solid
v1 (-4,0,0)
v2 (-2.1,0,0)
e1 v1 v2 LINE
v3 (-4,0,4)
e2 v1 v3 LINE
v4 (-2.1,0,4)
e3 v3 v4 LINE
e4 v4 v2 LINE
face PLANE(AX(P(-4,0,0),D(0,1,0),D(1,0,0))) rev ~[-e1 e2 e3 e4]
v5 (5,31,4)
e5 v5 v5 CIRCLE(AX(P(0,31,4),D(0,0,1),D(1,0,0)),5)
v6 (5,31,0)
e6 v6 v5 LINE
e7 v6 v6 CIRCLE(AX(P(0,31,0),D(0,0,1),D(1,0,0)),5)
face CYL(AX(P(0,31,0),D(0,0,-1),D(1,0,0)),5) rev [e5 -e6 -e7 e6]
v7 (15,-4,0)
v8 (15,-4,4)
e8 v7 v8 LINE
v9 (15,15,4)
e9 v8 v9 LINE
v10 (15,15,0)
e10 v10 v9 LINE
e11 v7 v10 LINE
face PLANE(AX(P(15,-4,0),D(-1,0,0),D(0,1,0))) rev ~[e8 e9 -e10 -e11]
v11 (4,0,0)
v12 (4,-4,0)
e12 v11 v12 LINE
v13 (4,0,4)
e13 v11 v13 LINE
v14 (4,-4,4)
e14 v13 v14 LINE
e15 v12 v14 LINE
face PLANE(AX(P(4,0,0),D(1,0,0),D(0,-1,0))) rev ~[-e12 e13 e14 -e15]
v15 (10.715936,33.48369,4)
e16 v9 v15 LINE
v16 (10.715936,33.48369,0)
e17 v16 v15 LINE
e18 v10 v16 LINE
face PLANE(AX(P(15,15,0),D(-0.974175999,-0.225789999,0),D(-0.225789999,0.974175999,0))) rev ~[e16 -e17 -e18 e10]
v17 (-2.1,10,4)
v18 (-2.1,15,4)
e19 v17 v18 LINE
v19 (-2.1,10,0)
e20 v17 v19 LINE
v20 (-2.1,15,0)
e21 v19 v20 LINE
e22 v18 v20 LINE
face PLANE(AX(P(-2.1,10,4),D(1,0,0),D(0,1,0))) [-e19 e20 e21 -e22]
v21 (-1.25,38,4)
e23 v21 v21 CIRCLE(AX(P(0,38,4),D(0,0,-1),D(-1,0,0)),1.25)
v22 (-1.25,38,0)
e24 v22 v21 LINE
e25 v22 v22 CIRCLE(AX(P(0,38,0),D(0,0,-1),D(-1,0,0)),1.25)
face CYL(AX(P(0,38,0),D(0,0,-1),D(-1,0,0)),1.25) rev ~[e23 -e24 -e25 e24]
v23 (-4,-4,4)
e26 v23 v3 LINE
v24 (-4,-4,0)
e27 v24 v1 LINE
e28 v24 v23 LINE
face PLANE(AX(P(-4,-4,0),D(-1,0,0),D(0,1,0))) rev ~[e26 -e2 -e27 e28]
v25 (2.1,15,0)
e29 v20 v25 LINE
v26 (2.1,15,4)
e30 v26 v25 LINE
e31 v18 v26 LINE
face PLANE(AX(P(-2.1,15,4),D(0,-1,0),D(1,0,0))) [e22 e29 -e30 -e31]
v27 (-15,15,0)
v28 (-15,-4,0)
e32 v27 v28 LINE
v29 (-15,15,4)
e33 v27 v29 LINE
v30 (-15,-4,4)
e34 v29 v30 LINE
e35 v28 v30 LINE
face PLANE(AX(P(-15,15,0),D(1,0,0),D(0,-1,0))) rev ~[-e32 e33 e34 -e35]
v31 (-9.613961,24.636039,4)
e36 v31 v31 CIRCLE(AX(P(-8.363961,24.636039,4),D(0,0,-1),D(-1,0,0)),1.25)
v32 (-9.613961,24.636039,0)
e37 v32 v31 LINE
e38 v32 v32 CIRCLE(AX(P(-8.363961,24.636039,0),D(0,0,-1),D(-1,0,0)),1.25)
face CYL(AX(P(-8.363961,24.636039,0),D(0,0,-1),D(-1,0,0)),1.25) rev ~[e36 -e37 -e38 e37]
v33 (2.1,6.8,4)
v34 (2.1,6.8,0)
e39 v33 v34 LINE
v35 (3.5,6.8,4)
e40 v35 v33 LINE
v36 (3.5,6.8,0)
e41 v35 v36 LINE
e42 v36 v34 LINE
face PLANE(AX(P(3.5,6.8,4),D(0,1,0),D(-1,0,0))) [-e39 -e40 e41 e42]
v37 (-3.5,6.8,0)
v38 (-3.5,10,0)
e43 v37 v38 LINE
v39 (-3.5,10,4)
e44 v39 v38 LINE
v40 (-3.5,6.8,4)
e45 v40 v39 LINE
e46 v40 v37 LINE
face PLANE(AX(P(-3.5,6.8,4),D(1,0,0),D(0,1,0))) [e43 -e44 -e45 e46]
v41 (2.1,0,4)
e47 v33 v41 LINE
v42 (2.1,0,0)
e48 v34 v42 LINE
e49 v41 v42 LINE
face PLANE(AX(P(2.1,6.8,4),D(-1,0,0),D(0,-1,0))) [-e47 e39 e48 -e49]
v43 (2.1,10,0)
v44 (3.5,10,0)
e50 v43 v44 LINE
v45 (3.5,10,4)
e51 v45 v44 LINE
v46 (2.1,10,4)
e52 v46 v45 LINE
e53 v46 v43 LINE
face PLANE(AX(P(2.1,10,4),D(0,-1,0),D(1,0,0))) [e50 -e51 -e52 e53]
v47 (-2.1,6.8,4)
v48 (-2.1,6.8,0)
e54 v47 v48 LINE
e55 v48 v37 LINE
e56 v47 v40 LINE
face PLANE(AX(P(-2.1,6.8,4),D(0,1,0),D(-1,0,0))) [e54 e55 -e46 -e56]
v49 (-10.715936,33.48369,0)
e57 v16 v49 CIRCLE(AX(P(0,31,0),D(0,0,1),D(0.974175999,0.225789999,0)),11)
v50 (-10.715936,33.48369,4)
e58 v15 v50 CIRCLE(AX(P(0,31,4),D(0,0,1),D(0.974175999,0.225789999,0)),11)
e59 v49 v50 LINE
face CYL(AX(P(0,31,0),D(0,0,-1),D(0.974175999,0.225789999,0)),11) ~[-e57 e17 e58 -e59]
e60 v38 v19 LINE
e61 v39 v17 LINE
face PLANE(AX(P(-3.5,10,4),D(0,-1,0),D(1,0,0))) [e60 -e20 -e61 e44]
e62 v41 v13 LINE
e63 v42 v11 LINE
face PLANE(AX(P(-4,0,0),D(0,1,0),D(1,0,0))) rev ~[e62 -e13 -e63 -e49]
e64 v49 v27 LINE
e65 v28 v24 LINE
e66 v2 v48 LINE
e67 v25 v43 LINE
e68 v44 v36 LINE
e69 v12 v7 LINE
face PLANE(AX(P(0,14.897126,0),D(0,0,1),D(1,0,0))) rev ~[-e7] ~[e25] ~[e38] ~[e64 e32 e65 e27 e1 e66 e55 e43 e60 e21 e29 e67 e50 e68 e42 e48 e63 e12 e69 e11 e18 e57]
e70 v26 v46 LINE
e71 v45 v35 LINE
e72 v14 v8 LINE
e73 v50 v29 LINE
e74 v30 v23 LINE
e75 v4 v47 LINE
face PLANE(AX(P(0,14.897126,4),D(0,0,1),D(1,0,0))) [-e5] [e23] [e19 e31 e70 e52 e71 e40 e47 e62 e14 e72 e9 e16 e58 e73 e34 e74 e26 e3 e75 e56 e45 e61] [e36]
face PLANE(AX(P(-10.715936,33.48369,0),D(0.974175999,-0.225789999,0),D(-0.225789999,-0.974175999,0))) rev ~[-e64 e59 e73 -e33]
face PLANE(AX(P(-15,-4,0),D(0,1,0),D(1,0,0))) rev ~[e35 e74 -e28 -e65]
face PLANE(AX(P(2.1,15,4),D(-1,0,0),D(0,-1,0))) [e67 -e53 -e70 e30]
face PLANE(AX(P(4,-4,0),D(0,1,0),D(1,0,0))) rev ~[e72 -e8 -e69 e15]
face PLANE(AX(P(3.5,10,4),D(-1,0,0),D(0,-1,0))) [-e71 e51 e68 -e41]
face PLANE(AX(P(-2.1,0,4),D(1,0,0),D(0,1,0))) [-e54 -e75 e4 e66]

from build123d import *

# Parameters (mm, degrees)
SKETCH6_R           = 5
BOSS_EXTRUDE5_DEPTH = 4
SKETCH10_R          = 1.25
CUT_EXTRUDE6_DEPTH  = 45.777226354
CUT_EXTRUDE7_DEPTH  = 45.777226354


with BuildPart() as part:
    # Sketch6 → Boss-Extrude5 (new body)
    with BuildSketch(Plane.XY):
        with BuildLine():
            Line((15, 0), (15, 15))
            Line((15, 15), (10.715935986, 33.483689987))
            ThreePointArc((10.715935986, 33.483689987), (0, 42), (-10.715935986, 33.483689987))
            Line((-10.715935986, 33.483689987), (-15, 15))
            Line((-15, 15), (-15, 0))
            Line((-15, 0), (-15, -4))
            Line((-15, -4), (-4, -4))
            Line((-4, -4), (-4, 0))
            Line((-4, 0), (4, 0))
            Line((4, 0), (4, -4))
            Line((4, -4), (15, -4))
            Line((15, -4), (15, 0))
        make_face()
        with Locations((0, 31)):
            Circle(SKETCH6_R, mode=Mode.SUBTRACT)
    extrude(amount=BOSS_EXTRUDE5_DEPTH)

    # Sketch10 → Cut-Extrude6 (cut, through all)
    with BuildSketch(Plane(origin=(0, 0, 0), x_dir=(-1, 0, 0), z_dir=(0, 0, -1))):
        with Locations((0, 38)):
            Circle(SKETCH10_R)
        with Locations((4.949747468, 44.949747468)):
            Circle(SKETCH10_R)
        with Locations((13.363961031, 46.363961031)):
            Circle(SKETCH10_R)
        with Locations((20.313708499, 41.414213562)):
            Circle(SKETCH10_R)
        with Locations((21.727922061, 33)):
            Circle(SKETCH10_R)
        with Locations((16.778174593, 26.050252532)):
            Circle(SKETCH10_R)
        with Locations((8.363961031, 24.636038969)):
            Circle(SKETCH10_R)
        with Locations((1.414213562, 29.585786438)):
            Circle(SKETCH10_R)
    extrude(amount=-CUT_EXTRUDE6_DEPTH, mode=Mode.SUBTRACT)

    # Sketch11 → Cut-Extrude7 (cut, through all)
    with BuildSketch(Plane.XY.offset(4)):
        Polygon((-2.1, 10), (-2.1, 15), (2.1, 15), (2.1, 10), (3.5, 10), (3.5, 6.8), (2.1, 6.8), (2.1, 0), (-2.1, 0), (-2.1, 6.8), (-3.5, 6.8), (-3.5, 10), align=None)
    extrude(amount=-CUT_EXTRUDE7_DEPTH, mode=Mode.SUBTRACT)


solid = part.part
